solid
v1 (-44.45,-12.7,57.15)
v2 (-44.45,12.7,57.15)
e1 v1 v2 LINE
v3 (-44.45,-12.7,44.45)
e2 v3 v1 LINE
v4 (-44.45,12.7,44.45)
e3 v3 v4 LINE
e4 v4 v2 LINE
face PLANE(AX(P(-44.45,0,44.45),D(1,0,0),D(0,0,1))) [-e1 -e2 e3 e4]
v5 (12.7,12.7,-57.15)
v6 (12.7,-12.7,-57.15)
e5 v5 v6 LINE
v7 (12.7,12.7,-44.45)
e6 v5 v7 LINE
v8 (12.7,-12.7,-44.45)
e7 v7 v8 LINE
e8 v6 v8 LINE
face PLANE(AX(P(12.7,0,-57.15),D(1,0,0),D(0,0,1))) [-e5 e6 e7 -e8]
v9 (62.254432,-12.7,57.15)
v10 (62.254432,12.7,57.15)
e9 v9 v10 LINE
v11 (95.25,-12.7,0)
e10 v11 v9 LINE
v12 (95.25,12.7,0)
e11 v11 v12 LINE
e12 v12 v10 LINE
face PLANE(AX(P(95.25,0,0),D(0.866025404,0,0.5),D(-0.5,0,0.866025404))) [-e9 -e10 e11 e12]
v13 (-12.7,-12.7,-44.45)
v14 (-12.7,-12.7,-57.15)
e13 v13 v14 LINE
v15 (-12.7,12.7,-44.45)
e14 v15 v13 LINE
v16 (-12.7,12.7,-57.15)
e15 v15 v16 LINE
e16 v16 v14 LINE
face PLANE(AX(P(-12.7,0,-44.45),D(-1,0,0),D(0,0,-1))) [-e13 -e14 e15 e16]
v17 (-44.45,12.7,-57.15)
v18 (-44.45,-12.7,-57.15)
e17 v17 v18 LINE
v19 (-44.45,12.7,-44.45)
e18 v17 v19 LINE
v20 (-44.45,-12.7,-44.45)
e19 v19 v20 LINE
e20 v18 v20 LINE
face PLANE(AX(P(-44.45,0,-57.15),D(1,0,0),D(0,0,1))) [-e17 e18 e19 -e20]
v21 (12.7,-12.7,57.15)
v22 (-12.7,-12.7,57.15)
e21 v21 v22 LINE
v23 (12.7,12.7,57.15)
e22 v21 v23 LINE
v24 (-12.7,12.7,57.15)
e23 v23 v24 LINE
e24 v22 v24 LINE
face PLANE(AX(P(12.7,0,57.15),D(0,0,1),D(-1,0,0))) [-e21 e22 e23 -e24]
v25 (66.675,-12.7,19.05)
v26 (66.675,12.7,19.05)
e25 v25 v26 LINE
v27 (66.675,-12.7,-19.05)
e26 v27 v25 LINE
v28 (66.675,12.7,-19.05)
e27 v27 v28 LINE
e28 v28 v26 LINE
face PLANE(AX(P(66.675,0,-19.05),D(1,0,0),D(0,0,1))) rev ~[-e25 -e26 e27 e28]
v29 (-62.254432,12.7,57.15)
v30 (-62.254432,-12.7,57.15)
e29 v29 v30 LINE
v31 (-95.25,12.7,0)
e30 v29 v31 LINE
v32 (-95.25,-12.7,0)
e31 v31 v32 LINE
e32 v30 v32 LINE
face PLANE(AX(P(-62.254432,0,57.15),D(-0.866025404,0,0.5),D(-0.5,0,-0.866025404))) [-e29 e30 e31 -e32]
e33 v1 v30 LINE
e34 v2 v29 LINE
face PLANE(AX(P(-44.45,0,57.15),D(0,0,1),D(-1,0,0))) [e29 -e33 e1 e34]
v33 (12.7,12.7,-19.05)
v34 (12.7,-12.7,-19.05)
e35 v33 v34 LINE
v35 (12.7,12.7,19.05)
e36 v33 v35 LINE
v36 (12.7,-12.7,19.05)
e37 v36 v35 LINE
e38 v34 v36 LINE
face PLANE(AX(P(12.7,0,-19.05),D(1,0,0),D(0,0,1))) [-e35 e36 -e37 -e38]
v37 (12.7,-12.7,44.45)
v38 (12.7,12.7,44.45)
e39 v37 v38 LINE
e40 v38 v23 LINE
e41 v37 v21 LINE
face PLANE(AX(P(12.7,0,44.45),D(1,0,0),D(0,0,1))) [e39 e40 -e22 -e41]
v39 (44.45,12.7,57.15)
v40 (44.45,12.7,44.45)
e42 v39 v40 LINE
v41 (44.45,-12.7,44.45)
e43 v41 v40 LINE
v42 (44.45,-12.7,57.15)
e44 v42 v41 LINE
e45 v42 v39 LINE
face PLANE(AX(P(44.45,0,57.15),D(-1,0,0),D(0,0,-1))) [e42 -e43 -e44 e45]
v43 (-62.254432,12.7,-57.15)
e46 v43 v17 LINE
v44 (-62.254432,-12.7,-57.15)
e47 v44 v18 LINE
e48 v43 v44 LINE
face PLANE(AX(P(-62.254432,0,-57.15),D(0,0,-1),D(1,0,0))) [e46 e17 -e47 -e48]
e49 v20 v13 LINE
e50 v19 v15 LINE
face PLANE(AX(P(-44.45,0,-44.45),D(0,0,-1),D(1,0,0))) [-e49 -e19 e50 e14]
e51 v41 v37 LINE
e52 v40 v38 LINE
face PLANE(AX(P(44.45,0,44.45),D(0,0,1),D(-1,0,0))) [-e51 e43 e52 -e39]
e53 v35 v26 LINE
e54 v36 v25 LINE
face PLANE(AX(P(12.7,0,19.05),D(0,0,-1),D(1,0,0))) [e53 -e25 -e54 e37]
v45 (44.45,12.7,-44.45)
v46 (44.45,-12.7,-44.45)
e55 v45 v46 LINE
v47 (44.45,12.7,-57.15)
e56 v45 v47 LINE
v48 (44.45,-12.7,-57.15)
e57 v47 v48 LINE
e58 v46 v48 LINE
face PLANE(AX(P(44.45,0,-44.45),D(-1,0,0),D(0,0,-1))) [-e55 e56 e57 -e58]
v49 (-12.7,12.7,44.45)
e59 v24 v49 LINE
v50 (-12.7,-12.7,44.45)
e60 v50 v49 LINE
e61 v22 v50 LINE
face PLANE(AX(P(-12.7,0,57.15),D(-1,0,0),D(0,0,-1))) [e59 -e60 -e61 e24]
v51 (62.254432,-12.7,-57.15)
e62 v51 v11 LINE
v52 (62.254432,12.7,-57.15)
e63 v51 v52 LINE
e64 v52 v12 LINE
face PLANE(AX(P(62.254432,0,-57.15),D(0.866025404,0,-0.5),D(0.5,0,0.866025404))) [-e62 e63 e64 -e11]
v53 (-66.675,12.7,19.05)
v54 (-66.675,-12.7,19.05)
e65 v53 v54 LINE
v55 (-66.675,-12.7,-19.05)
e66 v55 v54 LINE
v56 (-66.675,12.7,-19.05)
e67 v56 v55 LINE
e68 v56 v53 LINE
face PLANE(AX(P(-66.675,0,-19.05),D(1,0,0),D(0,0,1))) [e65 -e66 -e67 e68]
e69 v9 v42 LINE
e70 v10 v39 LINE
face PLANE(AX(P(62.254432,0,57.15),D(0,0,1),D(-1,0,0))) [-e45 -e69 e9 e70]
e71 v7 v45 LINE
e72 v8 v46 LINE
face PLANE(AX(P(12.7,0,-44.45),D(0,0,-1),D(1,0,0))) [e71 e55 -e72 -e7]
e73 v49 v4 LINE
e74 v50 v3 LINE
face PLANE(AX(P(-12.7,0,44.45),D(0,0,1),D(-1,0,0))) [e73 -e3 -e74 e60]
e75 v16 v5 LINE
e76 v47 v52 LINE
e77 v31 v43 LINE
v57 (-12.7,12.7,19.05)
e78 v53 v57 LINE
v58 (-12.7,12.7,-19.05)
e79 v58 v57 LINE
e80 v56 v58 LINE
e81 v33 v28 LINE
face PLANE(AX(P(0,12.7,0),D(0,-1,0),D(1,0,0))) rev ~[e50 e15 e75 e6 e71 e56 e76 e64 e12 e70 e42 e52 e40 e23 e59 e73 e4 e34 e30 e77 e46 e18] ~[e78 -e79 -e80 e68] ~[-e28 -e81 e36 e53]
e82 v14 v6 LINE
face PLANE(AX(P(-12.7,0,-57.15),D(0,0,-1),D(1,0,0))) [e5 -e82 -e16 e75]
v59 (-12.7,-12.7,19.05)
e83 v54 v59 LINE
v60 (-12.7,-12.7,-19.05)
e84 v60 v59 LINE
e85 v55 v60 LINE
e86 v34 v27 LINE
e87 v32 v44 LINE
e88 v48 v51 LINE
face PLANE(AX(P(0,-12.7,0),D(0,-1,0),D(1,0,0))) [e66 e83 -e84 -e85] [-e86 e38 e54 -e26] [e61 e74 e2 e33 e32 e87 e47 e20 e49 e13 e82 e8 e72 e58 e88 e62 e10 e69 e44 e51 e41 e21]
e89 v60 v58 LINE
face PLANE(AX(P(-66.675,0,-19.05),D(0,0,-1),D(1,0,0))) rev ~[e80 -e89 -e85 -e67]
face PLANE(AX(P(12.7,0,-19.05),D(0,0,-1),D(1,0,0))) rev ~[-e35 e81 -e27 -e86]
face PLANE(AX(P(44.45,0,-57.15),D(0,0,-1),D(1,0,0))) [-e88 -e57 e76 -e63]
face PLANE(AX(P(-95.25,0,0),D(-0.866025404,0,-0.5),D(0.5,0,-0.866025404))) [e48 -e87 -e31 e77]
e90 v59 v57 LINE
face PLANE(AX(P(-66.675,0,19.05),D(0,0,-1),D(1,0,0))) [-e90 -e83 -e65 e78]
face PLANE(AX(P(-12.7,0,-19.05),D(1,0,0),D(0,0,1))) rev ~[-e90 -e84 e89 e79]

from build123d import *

# Parameters (mm, degrees)
F0_W     = 53.975
F0_H     = 38.1
F1_DEPTH = 12.7


with BuildPart() as f1:
    # F0 (on Front) → F1 (new body, symmetric)
    with BuildSketch(Plane.XZ):
        Polygon((-44.45, 57.15), (-62.2544321158, 57.15), (-95.25, 0), (-62.2544321158, -57.15), (-44.45, -57.15), (-44.45, -44.45), (-12.7, -44.45), (-12.7, -57.15), (12.7, -57.15), (12.7, -44.45), (44.45, -44.45), (44.45, -57.15), (62.2544321158, -57.15), (95.25, 0), (62.2544321158, 57.15), (44.45, 57.15), (44.45, 44.45), (12.7, 44.45), (12.7, 57.15), (-12.7, 57.15), (-12.7, 44.45), (-44.45, 44.45), align=None)
        with Locations((-39.6875, 0)):
            Rectangle(F0_W, F0_H, mode=Mode.SUBTRACT)
        with Locations((39.6875, 0)):
            Rectangle(F0_W, F0_H, mode=Mode.SUBTRACT)
    extrude(amount=F1_DEPTH, both=True)


solid = f1.part
